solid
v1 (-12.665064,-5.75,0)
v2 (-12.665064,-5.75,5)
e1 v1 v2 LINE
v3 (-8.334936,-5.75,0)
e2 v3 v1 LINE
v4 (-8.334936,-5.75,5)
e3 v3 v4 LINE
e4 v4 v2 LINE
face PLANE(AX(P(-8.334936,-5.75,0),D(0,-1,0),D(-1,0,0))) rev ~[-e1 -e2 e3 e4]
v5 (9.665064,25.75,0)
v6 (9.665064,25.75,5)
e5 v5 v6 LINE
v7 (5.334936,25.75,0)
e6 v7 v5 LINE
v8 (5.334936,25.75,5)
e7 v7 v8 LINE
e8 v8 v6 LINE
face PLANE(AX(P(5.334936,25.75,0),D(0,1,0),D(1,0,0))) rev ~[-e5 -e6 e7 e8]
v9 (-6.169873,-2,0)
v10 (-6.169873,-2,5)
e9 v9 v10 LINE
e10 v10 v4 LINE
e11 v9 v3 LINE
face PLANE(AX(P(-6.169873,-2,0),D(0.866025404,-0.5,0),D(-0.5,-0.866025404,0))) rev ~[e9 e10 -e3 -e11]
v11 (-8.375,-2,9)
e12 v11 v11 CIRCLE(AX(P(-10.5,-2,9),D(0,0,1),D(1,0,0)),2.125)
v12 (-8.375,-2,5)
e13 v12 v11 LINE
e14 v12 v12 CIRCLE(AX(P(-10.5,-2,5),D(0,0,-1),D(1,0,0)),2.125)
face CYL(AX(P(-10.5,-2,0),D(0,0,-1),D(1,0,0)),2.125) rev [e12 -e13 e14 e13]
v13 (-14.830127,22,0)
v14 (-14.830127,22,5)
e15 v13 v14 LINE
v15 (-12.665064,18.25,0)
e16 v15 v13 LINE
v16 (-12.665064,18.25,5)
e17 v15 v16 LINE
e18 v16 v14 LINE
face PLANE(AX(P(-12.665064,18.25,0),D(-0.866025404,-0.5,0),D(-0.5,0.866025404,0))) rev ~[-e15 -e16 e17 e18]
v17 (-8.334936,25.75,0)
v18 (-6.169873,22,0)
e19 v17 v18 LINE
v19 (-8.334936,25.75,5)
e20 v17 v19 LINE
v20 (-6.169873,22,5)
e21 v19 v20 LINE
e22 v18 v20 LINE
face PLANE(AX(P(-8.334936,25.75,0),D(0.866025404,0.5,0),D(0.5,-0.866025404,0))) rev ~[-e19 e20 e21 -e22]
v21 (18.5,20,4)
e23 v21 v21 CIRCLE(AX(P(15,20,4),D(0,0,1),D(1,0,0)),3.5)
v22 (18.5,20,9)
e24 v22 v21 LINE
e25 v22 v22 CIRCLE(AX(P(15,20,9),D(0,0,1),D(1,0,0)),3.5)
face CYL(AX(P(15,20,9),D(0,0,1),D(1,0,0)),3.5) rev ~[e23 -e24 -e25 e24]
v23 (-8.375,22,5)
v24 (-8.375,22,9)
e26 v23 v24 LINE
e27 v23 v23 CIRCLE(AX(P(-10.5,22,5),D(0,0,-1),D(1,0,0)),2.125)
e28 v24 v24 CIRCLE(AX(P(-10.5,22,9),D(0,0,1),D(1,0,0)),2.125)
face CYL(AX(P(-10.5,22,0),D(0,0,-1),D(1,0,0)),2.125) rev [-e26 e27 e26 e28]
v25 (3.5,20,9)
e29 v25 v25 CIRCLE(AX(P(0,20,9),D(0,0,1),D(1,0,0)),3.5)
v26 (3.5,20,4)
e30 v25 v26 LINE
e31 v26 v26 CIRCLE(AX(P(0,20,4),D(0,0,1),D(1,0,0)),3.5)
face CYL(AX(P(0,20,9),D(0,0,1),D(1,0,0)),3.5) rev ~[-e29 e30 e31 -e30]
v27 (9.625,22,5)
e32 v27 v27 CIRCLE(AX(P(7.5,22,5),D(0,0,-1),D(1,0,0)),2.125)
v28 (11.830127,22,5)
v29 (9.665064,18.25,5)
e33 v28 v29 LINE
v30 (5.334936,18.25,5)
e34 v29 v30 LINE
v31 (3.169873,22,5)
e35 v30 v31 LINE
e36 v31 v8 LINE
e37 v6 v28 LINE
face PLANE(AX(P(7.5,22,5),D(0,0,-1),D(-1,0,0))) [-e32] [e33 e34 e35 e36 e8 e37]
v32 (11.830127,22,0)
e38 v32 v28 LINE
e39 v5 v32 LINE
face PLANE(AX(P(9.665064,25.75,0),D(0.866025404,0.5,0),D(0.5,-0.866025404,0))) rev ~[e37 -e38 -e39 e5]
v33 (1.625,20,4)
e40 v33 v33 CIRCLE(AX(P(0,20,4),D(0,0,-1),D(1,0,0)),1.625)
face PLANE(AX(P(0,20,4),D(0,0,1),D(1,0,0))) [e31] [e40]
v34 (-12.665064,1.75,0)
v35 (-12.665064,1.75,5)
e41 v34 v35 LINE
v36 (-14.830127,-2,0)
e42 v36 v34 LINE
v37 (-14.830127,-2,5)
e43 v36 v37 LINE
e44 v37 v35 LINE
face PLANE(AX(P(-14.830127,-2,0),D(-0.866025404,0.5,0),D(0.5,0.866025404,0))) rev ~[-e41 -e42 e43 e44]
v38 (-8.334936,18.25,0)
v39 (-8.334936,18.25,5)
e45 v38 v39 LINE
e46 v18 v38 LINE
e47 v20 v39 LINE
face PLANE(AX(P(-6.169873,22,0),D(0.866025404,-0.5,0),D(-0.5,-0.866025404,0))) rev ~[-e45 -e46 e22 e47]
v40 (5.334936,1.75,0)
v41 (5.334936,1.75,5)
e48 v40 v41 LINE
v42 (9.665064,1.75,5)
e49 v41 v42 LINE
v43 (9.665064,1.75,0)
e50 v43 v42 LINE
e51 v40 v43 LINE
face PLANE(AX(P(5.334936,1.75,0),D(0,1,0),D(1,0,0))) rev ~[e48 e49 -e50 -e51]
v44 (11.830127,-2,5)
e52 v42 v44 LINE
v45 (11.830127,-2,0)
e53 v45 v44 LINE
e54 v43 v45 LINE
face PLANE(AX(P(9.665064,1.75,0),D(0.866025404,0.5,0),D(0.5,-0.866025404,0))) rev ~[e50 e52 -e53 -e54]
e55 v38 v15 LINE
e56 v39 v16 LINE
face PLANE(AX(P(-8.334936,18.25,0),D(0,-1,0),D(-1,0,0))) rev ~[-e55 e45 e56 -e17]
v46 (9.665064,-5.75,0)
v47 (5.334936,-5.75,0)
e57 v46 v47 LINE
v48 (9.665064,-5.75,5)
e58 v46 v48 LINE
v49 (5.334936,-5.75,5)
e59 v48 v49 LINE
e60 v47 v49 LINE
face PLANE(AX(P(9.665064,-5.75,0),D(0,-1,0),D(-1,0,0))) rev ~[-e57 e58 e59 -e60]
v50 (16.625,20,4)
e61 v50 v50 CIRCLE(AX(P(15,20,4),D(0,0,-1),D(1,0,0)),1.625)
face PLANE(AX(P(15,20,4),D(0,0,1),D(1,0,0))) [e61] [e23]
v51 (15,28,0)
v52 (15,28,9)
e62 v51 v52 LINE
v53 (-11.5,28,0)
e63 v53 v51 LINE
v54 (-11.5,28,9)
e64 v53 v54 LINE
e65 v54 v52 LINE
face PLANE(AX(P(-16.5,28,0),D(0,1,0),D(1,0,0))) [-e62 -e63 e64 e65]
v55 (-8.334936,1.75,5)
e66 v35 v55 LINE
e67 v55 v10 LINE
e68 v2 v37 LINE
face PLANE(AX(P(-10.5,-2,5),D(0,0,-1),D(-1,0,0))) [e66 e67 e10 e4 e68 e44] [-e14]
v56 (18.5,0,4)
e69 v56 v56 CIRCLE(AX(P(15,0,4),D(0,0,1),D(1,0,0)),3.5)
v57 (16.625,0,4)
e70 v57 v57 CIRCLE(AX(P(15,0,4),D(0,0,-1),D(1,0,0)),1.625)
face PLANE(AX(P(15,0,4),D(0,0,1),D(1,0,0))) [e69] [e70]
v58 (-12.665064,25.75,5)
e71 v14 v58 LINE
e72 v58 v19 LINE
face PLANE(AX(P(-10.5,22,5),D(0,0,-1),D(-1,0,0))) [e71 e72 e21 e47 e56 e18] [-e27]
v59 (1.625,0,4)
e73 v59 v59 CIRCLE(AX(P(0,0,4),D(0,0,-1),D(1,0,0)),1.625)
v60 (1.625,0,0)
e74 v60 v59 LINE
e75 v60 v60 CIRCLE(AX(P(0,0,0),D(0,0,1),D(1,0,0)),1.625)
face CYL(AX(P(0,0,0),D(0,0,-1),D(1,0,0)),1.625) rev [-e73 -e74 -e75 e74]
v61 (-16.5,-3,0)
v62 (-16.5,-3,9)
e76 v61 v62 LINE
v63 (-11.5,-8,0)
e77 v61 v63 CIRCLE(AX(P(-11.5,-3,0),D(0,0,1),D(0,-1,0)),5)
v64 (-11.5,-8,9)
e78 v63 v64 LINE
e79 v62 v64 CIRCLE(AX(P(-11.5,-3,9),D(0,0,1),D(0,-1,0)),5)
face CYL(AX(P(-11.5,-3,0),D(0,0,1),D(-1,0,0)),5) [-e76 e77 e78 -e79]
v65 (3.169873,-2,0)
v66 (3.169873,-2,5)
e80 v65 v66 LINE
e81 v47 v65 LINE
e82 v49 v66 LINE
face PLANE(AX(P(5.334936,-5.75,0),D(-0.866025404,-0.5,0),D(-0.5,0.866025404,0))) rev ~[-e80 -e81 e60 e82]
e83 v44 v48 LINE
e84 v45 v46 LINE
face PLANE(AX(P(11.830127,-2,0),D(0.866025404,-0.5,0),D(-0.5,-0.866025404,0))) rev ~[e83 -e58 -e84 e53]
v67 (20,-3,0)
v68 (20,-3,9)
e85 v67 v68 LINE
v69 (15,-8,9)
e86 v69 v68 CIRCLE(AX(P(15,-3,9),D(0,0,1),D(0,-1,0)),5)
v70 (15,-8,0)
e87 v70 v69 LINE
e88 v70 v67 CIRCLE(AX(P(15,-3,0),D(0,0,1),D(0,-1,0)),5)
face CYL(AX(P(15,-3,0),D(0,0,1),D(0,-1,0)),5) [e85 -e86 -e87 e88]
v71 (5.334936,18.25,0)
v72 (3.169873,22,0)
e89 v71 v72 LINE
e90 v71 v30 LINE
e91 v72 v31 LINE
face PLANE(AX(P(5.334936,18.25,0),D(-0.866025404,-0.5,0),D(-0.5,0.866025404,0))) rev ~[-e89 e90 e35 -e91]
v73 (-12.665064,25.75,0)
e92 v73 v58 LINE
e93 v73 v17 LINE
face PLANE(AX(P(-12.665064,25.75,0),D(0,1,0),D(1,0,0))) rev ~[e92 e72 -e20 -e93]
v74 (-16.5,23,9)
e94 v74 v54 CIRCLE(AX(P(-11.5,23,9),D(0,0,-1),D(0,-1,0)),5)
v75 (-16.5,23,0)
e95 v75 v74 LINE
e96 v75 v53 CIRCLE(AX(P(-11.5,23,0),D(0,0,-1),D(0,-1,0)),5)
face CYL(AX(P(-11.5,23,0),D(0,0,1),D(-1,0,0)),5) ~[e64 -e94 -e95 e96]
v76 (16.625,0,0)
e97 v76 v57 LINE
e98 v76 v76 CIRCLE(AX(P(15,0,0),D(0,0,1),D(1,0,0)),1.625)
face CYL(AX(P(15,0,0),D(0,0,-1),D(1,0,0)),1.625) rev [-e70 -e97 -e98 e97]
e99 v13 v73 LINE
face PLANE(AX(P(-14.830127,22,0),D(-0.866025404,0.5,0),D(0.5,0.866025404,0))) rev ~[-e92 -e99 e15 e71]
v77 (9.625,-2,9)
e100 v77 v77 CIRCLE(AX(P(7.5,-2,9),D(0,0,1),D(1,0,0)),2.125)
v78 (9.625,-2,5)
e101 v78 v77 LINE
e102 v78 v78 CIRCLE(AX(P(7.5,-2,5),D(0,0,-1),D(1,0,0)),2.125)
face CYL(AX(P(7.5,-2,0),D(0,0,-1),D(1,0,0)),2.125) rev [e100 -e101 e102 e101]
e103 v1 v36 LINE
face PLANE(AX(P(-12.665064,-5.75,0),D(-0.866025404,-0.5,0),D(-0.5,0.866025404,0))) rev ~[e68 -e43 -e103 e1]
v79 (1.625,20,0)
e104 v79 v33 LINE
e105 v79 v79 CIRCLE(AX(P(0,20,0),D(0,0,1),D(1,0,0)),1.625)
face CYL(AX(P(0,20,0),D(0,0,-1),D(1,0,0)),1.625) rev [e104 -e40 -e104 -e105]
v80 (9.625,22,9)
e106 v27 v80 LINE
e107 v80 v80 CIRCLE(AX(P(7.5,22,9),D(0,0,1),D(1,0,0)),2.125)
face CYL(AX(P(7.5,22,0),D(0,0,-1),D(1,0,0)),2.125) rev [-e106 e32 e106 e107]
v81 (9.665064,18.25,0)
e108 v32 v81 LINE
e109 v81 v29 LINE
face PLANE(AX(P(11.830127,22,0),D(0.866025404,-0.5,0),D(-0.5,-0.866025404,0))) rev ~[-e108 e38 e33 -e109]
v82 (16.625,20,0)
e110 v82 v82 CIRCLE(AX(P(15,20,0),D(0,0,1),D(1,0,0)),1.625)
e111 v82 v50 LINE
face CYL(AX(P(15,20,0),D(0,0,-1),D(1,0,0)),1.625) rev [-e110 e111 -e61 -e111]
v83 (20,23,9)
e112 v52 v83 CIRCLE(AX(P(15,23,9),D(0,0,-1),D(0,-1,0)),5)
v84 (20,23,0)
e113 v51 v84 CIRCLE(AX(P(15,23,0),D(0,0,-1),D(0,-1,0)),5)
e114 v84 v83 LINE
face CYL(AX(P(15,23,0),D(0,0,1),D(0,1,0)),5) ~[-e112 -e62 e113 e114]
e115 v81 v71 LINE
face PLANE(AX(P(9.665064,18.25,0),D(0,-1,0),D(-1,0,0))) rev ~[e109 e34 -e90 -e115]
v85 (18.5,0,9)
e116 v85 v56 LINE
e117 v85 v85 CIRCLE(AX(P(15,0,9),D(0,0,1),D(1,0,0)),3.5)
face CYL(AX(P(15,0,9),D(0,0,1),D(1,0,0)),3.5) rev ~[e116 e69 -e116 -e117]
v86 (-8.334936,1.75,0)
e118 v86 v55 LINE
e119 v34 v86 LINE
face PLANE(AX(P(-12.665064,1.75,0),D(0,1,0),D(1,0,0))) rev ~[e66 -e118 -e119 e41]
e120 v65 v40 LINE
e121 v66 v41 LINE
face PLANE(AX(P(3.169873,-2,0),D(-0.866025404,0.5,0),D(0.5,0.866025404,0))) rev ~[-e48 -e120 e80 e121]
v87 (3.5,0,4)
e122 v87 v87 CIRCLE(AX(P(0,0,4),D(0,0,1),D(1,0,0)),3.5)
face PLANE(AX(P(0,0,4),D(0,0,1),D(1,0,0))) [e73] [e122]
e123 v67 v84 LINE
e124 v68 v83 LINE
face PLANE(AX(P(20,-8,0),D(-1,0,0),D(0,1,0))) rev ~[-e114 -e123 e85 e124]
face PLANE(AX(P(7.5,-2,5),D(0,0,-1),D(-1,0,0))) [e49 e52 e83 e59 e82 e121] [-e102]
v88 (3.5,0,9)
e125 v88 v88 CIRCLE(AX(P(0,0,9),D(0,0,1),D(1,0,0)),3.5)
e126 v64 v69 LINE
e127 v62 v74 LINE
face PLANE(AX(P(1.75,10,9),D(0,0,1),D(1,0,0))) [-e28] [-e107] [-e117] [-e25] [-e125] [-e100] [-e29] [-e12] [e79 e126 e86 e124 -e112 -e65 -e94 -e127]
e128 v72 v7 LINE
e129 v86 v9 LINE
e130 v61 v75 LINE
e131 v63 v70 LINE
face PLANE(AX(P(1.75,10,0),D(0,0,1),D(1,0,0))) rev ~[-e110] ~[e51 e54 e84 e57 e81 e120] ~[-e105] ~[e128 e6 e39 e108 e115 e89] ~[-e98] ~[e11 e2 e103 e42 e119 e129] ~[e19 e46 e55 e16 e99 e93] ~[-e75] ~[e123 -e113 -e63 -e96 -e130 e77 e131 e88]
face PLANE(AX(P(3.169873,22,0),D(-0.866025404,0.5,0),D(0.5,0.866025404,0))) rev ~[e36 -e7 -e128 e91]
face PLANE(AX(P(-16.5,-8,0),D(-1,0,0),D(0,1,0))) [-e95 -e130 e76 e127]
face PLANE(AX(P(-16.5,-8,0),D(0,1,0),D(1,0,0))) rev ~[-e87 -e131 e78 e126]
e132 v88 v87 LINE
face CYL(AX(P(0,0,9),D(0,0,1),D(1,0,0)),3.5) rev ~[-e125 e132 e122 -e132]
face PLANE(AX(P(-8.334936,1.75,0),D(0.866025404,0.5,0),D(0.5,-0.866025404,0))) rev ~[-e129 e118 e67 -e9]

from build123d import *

# Parameters (mm, degrees)
SKETCH1_W           = 36.5
SKETCH1_H           = 36
SKETCH1_R           = 1.625
SKETCH1_R_2         = 2.125
BOSS_EXTRUDE1_DEPTH = 9
SKETCH2_R           = 3.5
CUT_EXTRUDE1_DEPTH  = 5
CUT_EXTRUDE2_DEPTH  = 5
FILLET2_R           = 5


with BuildPart() as part:
    # Sketch1 → Boss-Extrude1 (new body)
    with BuildSketch(Plane.XY):
        with Locations((1.75, 10)):
            Rectangle(SKETCH1_W, SKETCH1_H)
        with Locations((0, 20)):
            Circle(SKETCH1_R, mode=Mode.SUBTRACT)
        with Locations((15, 20)):
            Circle(SKETCH1_R, mode=Mode.SUBTRACT)
        with Locations((15, 0)):
            Circle(SKETCH1_R, mode=Mode.SUBTRACT)
        Circle(SKETCH1_R, mode=Mode.SUBTRACT)
        with Locations((-10.5, 22)):
            Circle(SKETCH1_R_2, mode=Mode.SUBTRACT)
        with Locations((7.5, 22)):
            Circle(SKETCH1_R_2, mode=Mode.SUBTRACT)
        with Locations((7.5, -2)):
            Circle(SKETCH1_R_2, mode=Mode.SUBTRACT)
        with Locations((-10.5, -2)):
            Circle(SKETCH1_R_2, mode=Mode.SUBTRACT)
    extrude(amount=BOSS_EXTRUDE1_DEPTH)

    # Sketch2 → Cut-Extrude1 (cut)
    with BuildSketch(Plane.XY.offset(9)):
        with Locations((0, 20)):
            Circle(SKETCH2_R)
        Circle(SKETCH2_R)
        with Locations((15, 0)):
            Circle(SKETCH2_R)
        with Locations((15, 20)):
            Circle(SKETCH2_R)
    extrude(amount=-CUT_EXTRUDE1_DEPTH, mode=Mode.SUBTRACT)

    # Sketch3 → Cut-Extrude2 (cut)
    with BuildSketch(Plane(origin=(0, 0, 0), x_dir=(-1, 0, 0), z_dir=(0, 0, -1))):
        Polygon((-5.334936491, 18.25), (-3.169872981, 22), (-5.334936491, 25.75), (-9.665063509, 25.75), (-11.830127019, 22), (-9.665063509, 18.25), align=None)
        Polygon((12.665063509, 18.25), (14.830127019, 22), (12.665063509, 25.75), (8.334936491, 25.75), (6.169872981, 22), (8.334936491, 18.25), align=None)
        Polygon((12.665063509, -5.75), (14.830127019, -2), (12.665063509, 1.75), (8.334936491, 1.75), (6.169872981, -2), (8.334936491, -5.75), align=None)
        Polygon((-9.665063509, -5.75), (-5.334936491, -5.75), (-3.169872981, -2), (-5.334936491, 1.75), (-9.665063509, 1.75), (-11.830127019, -2), align=None)
    extrude(amount=-CUT_EXTRUDE2_DEPTH, mode=Mode.SUBTRACT)

    # Fillet2
    fillet2_edges = [part.edges().sort_by_distance(p)[0] for p in [
        (-16.5, 28, 4.5),
        (20, 28, 4.5),
        (20, -8, 4.5),
        (-16.5, -8, 4.5),
    ]]
    fillet(fillet2_edges, radius=FILLET2_R)


solid = part.part
